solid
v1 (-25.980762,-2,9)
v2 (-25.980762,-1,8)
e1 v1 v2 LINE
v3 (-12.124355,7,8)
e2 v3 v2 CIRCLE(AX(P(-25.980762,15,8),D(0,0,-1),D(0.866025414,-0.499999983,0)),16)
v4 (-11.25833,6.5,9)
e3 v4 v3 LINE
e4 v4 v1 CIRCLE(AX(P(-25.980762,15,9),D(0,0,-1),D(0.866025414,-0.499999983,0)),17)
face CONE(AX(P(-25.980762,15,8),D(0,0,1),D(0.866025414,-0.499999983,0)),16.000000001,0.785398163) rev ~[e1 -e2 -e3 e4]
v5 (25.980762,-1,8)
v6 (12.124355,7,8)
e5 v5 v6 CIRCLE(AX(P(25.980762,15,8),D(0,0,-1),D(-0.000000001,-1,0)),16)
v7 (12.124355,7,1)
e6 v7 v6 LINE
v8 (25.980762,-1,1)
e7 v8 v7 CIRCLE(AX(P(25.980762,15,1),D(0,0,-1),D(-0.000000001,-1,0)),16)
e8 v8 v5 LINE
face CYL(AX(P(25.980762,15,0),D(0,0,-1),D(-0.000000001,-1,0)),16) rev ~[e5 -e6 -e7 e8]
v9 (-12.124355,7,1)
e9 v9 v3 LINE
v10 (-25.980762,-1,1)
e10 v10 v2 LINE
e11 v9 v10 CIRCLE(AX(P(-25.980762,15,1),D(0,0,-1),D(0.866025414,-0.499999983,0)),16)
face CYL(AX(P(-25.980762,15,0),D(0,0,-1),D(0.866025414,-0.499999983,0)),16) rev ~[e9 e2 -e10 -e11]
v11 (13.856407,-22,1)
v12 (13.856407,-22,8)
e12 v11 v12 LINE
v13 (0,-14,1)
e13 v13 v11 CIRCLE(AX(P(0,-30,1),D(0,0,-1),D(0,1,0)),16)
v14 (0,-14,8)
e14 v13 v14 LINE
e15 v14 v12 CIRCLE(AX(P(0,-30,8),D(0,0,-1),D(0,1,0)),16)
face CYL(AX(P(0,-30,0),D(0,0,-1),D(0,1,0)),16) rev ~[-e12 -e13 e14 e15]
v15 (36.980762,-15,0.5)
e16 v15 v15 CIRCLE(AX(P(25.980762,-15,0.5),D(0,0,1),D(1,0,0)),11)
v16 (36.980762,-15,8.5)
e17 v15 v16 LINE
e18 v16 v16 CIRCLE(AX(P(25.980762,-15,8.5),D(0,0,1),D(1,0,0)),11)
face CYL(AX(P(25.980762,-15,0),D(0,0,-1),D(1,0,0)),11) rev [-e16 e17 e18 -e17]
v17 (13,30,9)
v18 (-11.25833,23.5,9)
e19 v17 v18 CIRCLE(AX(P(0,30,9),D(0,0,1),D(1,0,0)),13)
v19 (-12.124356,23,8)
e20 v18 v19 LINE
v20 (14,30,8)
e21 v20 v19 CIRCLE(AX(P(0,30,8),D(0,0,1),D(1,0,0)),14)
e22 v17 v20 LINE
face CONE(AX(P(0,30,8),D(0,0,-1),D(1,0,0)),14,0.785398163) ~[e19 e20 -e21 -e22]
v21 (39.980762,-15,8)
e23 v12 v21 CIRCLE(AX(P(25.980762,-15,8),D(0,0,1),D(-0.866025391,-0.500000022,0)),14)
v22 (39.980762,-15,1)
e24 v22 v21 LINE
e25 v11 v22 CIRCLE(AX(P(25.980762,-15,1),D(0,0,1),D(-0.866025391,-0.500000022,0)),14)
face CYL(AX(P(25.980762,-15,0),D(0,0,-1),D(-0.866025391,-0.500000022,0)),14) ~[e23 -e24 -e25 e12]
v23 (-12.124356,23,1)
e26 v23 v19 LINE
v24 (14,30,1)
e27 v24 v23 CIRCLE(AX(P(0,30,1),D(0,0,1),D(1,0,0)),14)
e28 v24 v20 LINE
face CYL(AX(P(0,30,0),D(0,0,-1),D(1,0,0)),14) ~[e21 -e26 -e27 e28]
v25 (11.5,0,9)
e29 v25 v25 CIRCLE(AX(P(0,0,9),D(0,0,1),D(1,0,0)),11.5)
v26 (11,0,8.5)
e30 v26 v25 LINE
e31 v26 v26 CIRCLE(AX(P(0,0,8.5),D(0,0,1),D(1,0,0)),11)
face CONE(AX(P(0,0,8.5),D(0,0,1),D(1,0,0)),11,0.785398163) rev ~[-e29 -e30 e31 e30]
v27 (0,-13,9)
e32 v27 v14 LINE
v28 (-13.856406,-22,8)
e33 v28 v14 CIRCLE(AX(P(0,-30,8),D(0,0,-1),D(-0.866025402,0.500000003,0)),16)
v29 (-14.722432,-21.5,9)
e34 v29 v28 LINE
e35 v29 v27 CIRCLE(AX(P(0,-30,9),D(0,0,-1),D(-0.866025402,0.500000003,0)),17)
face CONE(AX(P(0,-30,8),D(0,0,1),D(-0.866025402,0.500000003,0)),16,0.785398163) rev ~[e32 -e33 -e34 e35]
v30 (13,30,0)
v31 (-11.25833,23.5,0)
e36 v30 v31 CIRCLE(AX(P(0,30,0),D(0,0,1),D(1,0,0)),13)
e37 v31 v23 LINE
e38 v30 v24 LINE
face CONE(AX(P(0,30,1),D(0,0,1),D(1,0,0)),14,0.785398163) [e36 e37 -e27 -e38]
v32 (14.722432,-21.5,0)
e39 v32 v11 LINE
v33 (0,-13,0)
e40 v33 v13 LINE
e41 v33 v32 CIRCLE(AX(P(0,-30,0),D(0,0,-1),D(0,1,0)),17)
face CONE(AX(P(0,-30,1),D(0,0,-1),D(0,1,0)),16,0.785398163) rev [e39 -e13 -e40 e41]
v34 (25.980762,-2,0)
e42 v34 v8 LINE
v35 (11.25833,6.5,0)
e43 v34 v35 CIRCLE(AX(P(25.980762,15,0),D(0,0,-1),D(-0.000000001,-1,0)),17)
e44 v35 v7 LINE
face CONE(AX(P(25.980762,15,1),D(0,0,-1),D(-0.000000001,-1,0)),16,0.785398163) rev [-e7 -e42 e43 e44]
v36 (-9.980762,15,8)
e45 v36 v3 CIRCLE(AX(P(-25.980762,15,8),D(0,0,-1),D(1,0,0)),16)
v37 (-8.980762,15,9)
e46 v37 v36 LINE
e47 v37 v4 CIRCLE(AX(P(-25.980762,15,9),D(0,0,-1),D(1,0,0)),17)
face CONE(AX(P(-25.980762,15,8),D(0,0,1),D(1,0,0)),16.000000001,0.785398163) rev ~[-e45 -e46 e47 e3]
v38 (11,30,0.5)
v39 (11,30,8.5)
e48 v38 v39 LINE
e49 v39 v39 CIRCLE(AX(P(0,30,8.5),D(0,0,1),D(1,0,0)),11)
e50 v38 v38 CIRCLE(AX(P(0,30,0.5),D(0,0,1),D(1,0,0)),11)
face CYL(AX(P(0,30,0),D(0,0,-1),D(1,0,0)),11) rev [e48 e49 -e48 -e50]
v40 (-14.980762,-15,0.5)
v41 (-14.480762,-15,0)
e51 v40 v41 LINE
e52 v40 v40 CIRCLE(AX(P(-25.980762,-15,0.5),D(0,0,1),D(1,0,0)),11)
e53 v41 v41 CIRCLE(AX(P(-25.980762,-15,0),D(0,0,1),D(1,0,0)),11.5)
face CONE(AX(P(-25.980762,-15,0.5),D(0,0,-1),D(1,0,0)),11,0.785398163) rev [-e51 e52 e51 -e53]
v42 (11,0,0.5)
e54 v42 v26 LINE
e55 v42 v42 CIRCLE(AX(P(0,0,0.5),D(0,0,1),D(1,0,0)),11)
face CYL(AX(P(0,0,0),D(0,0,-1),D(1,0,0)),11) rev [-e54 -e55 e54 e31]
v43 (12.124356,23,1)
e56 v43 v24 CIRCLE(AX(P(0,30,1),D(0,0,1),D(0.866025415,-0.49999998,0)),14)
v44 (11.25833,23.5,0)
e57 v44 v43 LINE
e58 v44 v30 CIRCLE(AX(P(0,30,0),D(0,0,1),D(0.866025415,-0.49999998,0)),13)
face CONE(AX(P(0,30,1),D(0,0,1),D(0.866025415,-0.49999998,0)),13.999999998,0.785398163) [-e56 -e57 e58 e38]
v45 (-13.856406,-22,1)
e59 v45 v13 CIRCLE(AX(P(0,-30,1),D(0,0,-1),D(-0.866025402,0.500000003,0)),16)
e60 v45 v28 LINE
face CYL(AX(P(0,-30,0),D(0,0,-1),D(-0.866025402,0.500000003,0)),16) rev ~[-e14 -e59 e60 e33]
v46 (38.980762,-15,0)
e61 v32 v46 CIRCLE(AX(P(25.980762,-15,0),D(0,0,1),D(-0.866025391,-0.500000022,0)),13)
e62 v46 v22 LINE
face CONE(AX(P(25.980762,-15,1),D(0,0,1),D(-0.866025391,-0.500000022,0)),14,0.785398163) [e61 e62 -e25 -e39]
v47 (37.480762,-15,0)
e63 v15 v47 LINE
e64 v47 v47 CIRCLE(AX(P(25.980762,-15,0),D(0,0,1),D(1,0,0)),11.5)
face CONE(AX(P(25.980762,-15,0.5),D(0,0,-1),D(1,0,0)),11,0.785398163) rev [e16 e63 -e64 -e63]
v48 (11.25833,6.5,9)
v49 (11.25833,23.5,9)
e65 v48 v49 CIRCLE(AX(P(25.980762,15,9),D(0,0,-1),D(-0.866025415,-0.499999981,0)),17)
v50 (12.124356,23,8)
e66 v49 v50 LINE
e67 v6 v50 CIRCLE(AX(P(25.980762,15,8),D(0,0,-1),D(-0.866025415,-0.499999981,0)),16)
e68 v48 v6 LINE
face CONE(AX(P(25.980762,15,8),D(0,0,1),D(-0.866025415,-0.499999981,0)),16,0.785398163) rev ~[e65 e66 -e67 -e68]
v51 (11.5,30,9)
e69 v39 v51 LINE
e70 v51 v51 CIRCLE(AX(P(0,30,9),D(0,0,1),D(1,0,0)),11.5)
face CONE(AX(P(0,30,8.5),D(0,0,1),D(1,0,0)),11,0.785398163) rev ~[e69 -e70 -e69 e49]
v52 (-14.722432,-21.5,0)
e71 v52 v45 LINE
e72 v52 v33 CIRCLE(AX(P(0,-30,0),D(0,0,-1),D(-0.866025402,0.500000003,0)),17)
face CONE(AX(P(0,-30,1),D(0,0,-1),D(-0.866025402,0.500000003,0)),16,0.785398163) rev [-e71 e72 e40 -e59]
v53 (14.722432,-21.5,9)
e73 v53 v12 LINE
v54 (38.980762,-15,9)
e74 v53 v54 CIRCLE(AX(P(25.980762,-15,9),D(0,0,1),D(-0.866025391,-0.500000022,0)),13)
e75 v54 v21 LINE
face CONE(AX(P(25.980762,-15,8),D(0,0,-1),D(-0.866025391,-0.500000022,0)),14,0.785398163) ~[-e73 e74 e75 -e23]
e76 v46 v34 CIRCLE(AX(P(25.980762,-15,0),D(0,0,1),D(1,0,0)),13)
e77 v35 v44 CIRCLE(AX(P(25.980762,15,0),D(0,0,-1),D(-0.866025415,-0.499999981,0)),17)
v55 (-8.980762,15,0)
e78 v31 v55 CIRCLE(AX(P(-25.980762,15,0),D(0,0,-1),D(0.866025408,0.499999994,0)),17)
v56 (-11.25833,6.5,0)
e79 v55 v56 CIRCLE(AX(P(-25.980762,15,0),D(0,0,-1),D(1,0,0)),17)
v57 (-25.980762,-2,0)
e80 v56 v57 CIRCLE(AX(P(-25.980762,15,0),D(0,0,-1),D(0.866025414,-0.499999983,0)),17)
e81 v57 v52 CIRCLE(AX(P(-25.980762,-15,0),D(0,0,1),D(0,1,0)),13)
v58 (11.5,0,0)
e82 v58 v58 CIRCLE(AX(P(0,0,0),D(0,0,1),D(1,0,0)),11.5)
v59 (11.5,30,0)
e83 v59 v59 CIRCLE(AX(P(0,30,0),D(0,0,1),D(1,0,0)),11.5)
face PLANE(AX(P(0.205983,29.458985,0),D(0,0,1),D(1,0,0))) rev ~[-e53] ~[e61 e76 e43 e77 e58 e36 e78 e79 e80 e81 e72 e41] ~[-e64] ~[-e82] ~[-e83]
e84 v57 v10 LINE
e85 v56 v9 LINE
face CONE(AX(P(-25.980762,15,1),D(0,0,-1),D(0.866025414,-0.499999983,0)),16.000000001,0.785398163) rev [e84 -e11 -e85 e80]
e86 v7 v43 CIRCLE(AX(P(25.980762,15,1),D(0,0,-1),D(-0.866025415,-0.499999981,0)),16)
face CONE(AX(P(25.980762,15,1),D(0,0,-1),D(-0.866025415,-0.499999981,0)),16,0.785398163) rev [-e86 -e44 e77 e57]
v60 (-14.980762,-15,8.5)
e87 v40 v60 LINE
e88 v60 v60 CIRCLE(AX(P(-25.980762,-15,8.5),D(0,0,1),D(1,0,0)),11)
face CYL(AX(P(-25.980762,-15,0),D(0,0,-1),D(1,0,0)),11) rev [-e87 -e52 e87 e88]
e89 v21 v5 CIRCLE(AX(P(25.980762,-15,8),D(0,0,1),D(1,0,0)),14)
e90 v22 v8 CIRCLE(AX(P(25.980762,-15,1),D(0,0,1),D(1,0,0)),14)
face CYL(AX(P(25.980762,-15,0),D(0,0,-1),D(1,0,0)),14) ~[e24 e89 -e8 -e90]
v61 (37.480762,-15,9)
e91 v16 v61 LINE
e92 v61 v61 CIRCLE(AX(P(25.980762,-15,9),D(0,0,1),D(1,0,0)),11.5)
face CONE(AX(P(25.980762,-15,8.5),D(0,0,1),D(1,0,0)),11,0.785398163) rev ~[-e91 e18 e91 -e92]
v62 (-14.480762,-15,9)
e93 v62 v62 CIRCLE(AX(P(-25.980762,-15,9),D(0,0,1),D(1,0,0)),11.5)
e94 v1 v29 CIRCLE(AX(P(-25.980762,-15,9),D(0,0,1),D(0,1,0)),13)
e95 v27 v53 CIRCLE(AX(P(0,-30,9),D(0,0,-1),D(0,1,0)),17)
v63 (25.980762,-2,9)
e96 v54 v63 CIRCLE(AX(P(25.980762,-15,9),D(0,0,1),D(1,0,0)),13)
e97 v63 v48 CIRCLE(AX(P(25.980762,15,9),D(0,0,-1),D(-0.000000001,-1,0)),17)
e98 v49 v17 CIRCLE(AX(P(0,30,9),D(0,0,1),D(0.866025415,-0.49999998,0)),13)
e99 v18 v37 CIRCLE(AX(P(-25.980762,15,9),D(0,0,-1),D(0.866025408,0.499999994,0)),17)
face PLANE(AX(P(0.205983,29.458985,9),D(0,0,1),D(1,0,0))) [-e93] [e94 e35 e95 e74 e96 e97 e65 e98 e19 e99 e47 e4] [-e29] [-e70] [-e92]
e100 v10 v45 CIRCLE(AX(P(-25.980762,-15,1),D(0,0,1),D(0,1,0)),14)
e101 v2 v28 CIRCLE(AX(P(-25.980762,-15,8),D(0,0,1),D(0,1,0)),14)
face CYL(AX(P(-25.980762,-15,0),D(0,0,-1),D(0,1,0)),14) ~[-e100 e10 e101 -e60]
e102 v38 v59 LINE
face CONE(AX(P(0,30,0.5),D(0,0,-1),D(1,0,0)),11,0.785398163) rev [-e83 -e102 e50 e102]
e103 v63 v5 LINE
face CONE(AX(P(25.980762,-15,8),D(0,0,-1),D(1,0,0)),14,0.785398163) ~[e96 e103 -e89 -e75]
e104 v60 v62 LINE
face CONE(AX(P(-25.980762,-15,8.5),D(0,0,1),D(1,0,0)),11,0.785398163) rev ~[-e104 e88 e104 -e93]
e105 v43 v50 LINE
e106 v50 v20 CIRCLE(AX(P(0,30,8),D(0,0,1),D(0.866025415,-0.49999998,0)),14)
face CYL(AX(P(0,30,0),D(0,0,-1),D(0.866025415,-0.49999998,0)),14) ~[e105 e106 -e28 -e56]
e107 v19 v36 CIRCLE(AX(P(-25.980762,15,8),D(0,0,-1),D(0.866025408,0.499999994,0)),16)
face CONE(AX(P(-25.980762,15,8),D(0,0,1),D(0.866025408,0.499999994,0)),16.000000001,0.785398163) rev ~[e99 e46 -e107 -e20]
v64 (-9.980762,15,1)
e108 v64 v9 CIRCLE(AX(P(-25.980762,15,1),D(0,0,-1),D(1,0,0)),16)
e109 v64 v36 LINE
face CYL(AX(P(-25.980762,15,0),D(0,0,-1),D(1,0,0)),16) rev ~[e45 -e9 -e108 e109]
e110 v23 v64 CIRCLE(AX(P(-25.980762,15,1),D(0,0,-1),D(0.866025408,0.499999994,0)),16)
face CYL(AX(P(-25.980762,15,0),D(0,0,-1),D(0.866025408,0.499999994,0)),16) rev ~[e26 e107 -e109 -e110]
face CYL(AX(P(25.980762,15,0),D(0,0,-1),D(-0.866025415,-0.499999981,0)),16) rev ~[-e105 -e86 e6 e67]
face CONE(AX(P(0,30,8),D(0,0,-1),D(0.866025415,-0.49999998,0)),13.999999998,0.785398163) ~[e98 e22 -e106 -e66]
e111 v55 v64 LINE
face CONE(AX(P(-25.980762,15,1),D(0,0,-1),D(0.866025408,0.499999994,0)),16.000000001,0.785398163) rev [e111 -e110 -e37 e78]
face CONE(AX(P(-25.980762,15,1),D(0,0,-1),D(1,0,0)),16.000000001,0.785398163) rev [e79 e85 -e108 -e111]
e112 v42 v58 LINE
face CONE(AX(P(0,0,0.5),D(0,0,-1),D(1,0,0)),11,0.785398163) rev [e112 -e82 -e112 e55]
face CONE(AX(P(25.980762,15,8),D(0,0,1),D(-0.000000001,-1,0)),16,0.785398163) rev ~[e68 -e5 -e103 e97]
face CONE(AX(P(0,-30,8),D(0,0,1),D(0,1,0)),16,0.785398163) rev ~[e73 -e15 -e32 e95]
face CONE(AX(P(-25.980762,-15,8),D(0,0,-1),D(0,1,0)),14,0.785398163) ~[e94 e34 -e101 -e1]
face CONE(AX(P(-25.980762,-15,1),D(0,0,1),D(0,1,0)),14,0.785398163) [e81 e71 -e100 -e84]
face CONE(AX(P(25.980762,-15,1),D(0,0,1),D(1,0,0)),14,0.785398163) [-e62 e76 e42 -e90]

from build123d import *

# Parameters (mm, degrees)
F1_R     = 11
F2_DEPTH = 9
F3_SIZE  = 0.5
F4_SIZE  = 1


with BuildPart() as f2:
    # F1 (on Top) → F2 (new body)
    with BuildSketch(Plane.XY):
        with BuildLine():
            ThreePointArc((12.1243558114, 23.0000002745), (13.5229616091, 26.3765335216), (14, 30))
            ThreePointArc((14, 30), (-3.6234666891, 43.5229615526), (-12.1243555933, 22.9999998966))
            ThreePointArc((-12.1243555933, 22.9999998966), (2.181e-07, 16), (12.1243558114, 23.0000002745))
        make_face()
        with Locations((0, 30)):
            Circle(F1_R, mode=Mode.SUBTRACT)
        with BuildLine():
            ThreePointArc((39.9807621135, -15), (35.8802570426, -5.1005050558), (25.9807620921, -1))
            ThreePointArc((25.9807620921, -1), (13.8564063651, -8.0000001654), (13.8564066408, -22.0000003122))
            ThreePointArc((13.8564066408, -22.0000003122), (29.6042289191, -28.5229615214), (39.9807621135, -15))
        make_face()
        with Locations((25.9807621135, -15)):
            Circle(F1_R, mode=Mode.SUBTRACT)
        with BuildLine():
            ThreePointArc((-11.9807621135, -15), (-16.0812671769, -5.1005050634), (-25.9807621135, -1))
            ThreePointArc((-25.9807621135, -1), (-38.105117752, -22.0000000252), (-13.8564064315, -21.9999999496))
            ThreePointArc((-13.8564064315, -21.9999999496), (-12.457800538, -18.6234666034), (-11.9807621135, -15))
        make_face()
        with Locations((-25.9807621135, -15)):
            Circle(F1_R, mode=Mode.SUBTRACT)
        with BuildLine():
            ThreePointArc((-12.1243554957, 7.0000002723), (-17.9807619774, 1.1435936181), (-25.9807621135, -1))
            ThreePointArc((-25.9807621135, -1), (-16.0812671769, -5.1005050634), (-11.9807621135, -15))
            ThreePointArc((-11.9807621135, -15), (-12.457800538, -18.6234666034), (-13.8564064315, -21.9999999496))
            ThreePointArc((-13.8564064315, -21.9999999496), (-7.9999999748, -16.1435935249), (0, -14))
            ThreePointArc((0, -14), (-12.1243557316, -6.9999998638), (-12.1243554957, 7.0000002723))
        make_face()
        with BuildLine():
            ThreePointArc((25.9807620921, -1), (17.9807619484, 1.1435936348), (12.124355473, 7.0000003117))
            ThreePointArc((12.124355473, 7.0000003117), (13.5229615215, 3.6234668052), (14, 0))
            ThreePointArc((14, 0), (9.8994949366, -9.8994949366), (0, -14))
            ThreePointArc((0, -14), (8.0000001561, -16.1435936296), (13.8564066408, -22.0000003122))
            ThreePointArc((13.8564066408, -22.0000003122), (13.8564063651, -8.0000001654), (25.9807620921, -1))
        make_face()
        with BuildLine():
            ThreePointArc((12.1243558114, 23.0000002745), (2.181e-07, 16), (-12.1243555933, 22.9999998966))
            ThreePointArc((-12.1243555933, 22.9999998966), (-10.5259488775, 19.141104664), (-9.9807621135, 15))
            ThreePointArc((-9.9807621135, 15), (-10.5259488522, 10.8588954302), (-12.1243554957, 7.0000002723))
            ThreePointArc((-12.1243554957, 7.0000002723), (-2.27e-08, 14), (12.124355473, 7.0000003117))
            ThreePointArc((12.124355473, 7.0000003117), (9.9807621135, 15.0000003384), (12.1243558114, 23.0000002745))
        make_face()
        with BuildLine():
            ThreePointArc((14, 0), (13.5229615215, 3.6234668052), (12.124355473, 7.0000003117))
            ThreePointArc((12.124355473, 7.0000003117), (-2.27e-08, 14), (-12.1243554957, 7.0000002723))
            ThreePointArc((-12.1243554957, 7.0000002723), (-12.1243557316, -6.9999998638), (0, -14))
            ThreePointArc((0, -14), (9.8994949366, -9.8994949366), (14, 0))
        make_face()
        Circle(F1_R, mode=Mode.SUBTRACT)
    extrude(amount=F2_DEPTH)

    # F3
    f3_edges = [f2.edges().sort_by_distance(p)[0] for p in [
        (-36.980762, -15, 9),
        (-11, 0, 9),
        (-11, 30, 9),
        (14.980762, -15, 9),
        (-36.980762, -15, 0),
        (-11, 0, 0),
        (14.980762, -15, 0),
        (-11, 30, 0),
    ]]
    chamfer(f3_edges, length=F3_SIZE)

    # F4
    f4_edges = [f2.edges().sort_by_distance(p)[0] for p in [
        (-38.105118, -22, 9),
        (0, -14, 9),
        (-12.124356, 7, 9),
        (0, 44, 9),
        (12.124356, 7, 9),
        (38.105118, -22, 9),
        (0, -14, 0),
        (-38.105118, -22, 0),
        (-12.124356, 7, 0),
        (0, 44, 0),
        (12.124356, 7, 0),
        (38.105118, -22, 0),
    ]]
    chamfer(f4_edges, length=F4_SIZE)


solid = f2.part
